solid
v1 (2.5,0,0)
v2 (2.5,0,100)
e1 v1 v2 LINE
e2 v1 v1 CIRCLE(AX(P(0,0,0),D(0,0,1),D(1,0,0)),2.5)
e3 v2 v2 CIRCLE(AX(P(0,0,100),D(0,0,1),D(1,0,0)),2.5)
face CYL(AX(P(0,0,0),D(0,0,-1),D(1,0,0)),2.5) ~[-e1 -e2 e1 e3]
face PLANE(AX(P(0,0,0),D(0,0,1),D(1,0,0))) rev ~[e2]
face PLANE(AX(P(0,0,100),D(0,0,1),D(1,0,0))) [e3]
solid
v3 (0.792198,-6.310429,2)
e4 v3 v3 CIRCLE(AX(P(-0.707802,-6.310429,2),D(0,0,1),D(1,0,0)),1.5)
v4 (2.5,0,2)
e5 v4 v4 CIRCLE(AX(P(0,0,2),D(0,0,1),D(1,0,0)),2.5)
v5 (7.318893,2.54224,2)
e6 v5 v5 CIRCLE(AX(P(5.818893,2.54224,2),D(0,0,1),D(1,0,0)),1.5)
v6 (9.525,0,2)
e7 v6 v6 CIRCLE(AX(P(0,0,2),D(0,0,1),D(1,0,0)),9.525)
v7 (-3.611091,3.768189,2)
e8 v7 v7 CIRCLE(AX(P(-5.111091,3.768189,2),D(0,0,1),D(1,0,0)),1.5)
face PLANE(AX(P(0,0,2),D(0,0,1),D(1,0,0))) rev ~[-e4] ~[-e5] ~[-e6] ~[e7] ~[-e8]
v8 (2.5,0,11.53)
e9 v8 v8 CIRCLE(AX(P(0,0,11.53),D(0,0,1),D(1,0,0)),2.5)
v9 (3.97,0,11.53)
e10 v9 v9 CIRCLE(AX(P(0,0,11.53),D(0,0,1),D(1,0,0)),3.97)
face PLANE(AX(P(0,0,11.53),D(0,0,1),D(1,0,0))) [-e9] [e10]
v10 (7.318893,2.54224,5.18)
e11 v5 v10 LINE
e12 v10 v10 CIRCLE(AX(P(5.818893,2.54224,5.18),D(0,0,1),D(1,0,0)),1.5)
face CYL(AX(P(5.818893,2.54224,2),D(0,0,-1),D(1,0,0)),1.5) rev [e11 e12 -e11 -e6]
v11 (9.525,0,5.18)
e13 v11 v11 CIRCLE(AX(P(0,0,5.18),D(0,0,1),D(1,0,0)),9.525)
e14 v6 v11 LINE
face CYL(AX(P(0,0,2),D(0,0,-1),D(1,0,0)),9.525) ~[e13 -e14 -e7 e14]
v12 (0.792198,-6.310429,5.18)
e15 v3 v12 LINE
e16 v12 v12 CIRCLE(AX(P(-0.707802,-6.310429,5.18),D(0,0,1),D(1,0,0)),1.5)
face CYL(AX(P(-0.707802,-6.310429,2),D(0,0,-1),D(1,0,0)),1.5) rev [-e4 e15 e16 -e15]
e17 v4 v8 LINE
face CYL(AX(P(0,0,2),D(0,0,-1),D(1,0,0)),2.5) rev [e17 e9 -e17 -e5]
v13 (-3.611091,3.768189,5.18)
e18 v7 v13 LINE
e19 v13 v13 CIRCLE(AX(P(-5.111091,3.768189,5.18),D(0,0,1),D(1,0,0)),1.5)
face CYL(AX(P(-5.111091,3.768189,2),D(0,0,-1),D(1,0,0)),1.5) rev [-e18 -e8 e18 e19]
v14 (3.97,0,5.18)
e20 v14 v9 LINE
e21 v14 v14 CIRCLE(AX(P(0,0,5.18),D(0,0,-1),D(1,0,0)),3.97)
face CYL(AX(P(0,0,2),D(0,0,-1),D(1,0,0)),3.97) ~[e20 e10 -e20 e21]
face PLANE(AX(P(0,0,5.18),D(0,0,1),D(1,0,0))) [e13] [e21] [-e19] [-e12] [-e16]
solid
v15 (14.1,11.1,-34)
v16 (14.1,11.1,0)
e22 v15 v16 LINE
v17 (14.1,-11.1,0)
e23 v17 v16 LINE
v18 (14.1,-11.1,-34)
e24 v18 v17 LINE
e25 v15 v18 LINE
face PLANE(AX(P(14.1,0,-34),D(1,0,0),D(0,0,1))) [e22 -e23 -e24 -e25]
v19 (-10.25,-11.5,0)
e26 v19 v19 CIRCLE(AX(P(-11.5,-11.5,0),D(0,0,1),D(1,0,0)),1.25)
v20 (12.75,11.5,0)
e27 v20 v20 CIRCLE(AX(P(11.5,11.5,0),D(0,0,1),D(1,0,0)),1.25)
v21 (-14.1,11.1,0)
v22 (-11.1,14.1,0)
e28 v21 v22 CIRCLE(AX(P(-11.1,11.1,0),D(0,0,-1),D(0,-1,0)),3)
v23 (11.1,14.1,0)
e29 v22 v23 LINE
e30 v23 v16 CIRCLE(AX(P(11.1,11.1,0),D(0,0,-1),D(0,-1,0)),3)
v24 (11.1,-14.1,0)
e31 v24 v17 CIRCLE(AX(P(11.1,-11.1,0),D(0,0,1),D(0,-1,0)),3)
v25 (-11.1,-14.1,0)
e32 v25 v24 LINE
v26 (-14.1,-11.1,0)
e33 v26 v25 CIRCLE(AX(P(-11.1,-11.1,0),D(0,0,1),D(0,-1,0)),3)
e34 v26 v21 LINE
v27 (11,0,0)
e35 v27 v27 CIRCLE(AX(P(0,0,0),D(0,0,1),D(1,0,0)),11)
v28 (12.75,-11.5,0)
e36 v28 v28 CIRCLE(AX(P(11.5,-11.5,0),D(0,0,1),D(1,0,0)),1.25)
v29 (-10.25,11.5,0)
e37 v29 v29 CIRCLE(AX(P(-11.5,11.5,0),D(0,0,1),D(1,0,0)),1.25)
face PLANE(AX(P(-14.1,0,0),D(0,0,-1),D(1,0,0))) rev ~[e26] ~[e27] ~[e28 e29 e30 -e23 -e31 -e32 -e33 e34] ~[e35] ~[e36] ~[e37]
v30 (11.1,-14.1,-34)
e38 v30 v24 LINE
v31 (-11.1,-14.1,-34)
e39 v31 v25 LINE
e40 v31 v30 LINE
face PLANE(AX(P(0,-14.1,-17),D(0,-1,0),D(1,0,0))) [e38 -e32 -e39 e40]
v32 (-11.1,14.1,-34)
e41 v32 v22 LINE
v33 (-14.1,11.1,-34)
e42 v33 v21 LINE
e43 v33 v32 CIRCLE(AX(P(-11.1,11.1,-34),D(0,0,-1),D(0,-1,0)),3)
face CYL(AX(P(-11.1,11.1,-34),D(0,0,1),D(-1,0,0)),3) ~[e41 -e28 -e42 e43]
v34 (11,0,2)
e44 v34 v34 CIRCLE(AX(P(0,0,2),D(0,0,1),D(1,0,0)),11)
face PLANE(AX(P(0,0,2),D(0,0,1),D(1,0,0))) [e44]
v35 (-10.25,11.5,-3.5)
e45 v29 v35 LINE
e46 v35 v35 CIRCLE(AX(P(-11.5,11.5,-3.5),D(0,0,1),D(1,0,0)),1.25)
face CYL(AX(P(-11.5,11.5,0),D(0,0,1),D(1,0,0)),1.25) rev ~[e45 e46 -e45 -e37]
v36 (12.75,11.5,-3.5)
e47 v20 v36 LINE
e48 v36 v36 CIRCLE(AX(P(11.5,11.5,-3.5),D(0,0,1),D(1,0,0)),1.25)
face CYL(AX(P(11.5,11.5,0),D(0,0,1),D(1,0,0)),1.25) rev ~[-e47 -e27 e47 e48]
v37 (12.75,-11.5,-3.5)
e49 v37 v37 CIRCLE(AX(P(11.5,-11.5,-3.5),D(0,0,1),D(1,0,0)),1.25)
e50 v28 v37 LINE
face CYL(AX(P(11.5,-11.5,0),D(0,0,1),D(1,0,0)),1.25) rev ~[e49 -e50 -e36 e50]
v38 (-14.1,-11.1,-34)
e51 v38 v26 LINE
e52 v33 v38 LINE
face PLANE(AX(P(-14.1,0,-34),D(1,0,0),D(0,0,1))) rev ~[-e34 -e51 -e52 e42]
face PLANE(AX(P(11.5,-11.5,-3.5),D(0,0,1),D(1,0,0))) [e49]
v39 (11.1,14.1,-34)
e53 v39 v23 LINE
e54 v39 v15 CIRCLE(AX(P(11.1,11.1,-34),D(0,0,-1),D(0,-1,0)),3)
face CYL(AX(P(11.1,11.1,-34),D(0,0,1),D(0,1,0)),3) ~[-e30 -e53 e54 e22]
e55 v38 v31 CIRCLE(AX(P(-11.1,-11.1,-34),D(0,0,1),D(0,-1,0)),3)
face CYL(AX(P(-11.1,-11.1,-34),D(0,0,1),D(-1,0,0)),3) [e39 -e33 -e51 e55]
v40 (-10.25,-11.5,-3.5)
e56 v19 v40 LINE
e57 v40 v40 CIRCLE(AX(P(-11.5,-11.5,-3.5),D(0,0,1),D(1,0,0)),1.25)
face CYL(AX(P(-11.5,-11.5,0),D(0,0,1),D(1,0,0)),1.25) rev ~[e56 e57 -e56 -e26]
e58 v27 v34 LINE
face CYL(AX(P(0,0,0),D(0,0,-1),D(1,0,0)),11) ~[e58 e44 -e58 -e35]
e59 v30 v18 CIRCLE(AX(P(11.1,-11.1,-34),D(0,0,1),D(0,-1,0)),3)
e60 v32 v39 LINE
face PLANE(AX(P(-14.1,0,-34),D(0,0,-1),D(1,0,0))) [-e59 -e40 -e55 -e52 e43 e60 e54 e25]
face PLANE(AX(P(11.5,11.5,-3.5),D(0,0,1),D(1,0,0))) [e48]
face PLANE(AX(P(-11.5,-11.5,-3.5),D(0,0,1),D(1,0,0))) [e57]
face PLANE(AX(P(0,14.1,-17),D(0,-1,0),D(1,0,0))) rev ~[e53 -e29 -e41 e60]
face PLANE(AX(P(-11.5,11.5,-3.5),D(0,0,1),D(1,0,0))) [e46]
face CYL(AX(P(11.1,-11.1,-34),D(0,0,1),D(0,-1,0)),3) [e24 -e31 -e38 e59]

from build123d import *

# Parameters (mm, degrees)
F0_W      = 28.2
F0_H      = 34
F1_DEPTH  = 14.1
F2_R      = 1.25
F3_DEPTH  = 3.5
F4_R      = 11
F5_DEPTH  = 2
F6_R      = 2.5
F7_DEPTH  = 100
F8_R      = 3
F9_R      = 9.525
F9_R_2    = 2.5
F10_DEPTH = 3.18
F11_R     = 3.97
F11_R_2   = 2.5
F12_DEPTH = 9.53
F13_R     = 1.5
F14_DEPTH = 3.18


with BuildPart() as f1:
    # F0 (on Front) → F1 (new body, symmetric)
    with BuildSketch(Plane.XZ):
        with Locations((0, -17)):
            Rectangle(F0_W, F0_H)
    extrude(amount=F1_DEPTH, both=True)

    # F2 (on face) → F3 (cut)
    with BuildSketch(Plane.XY):
        with Locations((11.5, 11.5)):
            Circle(F2_R)
        with Locations((11.5, -11.5)):
            Circle(F2_R)
        with Locations((-11.5, -11.5)):
            Circle(F2_R)
        with Locations((-11.5, 11.5)):
            Circle(F2_R)
    extrude(amount=-F3_DEPTH, mode=Mode.SUBTRACT)

    # F4 (on face) → F5 (join)
    with BuildSketch(Plane.XY):
        Circle(F4_R)
    extrude(amount=F5_DEPTH)

    # F8
    f8_edges = [f1.edges().sort_by_distance(p)[0] for p in [
        (-14.1, 14.1, -17),
        (14.1, 14.1, -17),
        (-14.1, -14.1, -17),
        (14.1, -14.1, -17),
    ]]
    fillet(f8_edges, radius=F8_R)


with BuildPart() as f7:
    # F6 (on face) → F7 (new body)
    with BuildSketch(Plane.XY):
        Circle(F6_R)
    extrude(amount=F7_DEPTH)


with BuildPart() as f10:
    # F9 (on face) → F10 (new body)
    with BuildSketch(Plane.XY.offset(2)):
        Circle(F9_R)
        Circle(F9_R_2, mode=Mode.SUBTRACT)
    extrude(amount=F10_DEPTH)

    # F11 (on face) → F12 (join)
    with BuildSketch(Plane.XY.offset(2)):
        Circle(F11_R)
        Circle(F11_R_2, mode=Mode.SUBTRACT)
    extrude(amount=F12_DEPTH)

    # F13 (on face) → F14 (cut, through all)
    with BuildSketch(Plane.XY.offset(2)):
        with Locations((5.8188930752, 2.5422398352)):
            Circle(F13_R)
        with Locations((-5.1110908174, 3.7681893074)):
            Circle(F13_R)
        with Locations((-0.7078022578, -6.3104291426)):
            Circle(F13_R)
    extrude(amount=F14_DEPTH, mode=Mode.SUBTRACT)


solid = Compound([f1.part, f7.part, f10.part])
